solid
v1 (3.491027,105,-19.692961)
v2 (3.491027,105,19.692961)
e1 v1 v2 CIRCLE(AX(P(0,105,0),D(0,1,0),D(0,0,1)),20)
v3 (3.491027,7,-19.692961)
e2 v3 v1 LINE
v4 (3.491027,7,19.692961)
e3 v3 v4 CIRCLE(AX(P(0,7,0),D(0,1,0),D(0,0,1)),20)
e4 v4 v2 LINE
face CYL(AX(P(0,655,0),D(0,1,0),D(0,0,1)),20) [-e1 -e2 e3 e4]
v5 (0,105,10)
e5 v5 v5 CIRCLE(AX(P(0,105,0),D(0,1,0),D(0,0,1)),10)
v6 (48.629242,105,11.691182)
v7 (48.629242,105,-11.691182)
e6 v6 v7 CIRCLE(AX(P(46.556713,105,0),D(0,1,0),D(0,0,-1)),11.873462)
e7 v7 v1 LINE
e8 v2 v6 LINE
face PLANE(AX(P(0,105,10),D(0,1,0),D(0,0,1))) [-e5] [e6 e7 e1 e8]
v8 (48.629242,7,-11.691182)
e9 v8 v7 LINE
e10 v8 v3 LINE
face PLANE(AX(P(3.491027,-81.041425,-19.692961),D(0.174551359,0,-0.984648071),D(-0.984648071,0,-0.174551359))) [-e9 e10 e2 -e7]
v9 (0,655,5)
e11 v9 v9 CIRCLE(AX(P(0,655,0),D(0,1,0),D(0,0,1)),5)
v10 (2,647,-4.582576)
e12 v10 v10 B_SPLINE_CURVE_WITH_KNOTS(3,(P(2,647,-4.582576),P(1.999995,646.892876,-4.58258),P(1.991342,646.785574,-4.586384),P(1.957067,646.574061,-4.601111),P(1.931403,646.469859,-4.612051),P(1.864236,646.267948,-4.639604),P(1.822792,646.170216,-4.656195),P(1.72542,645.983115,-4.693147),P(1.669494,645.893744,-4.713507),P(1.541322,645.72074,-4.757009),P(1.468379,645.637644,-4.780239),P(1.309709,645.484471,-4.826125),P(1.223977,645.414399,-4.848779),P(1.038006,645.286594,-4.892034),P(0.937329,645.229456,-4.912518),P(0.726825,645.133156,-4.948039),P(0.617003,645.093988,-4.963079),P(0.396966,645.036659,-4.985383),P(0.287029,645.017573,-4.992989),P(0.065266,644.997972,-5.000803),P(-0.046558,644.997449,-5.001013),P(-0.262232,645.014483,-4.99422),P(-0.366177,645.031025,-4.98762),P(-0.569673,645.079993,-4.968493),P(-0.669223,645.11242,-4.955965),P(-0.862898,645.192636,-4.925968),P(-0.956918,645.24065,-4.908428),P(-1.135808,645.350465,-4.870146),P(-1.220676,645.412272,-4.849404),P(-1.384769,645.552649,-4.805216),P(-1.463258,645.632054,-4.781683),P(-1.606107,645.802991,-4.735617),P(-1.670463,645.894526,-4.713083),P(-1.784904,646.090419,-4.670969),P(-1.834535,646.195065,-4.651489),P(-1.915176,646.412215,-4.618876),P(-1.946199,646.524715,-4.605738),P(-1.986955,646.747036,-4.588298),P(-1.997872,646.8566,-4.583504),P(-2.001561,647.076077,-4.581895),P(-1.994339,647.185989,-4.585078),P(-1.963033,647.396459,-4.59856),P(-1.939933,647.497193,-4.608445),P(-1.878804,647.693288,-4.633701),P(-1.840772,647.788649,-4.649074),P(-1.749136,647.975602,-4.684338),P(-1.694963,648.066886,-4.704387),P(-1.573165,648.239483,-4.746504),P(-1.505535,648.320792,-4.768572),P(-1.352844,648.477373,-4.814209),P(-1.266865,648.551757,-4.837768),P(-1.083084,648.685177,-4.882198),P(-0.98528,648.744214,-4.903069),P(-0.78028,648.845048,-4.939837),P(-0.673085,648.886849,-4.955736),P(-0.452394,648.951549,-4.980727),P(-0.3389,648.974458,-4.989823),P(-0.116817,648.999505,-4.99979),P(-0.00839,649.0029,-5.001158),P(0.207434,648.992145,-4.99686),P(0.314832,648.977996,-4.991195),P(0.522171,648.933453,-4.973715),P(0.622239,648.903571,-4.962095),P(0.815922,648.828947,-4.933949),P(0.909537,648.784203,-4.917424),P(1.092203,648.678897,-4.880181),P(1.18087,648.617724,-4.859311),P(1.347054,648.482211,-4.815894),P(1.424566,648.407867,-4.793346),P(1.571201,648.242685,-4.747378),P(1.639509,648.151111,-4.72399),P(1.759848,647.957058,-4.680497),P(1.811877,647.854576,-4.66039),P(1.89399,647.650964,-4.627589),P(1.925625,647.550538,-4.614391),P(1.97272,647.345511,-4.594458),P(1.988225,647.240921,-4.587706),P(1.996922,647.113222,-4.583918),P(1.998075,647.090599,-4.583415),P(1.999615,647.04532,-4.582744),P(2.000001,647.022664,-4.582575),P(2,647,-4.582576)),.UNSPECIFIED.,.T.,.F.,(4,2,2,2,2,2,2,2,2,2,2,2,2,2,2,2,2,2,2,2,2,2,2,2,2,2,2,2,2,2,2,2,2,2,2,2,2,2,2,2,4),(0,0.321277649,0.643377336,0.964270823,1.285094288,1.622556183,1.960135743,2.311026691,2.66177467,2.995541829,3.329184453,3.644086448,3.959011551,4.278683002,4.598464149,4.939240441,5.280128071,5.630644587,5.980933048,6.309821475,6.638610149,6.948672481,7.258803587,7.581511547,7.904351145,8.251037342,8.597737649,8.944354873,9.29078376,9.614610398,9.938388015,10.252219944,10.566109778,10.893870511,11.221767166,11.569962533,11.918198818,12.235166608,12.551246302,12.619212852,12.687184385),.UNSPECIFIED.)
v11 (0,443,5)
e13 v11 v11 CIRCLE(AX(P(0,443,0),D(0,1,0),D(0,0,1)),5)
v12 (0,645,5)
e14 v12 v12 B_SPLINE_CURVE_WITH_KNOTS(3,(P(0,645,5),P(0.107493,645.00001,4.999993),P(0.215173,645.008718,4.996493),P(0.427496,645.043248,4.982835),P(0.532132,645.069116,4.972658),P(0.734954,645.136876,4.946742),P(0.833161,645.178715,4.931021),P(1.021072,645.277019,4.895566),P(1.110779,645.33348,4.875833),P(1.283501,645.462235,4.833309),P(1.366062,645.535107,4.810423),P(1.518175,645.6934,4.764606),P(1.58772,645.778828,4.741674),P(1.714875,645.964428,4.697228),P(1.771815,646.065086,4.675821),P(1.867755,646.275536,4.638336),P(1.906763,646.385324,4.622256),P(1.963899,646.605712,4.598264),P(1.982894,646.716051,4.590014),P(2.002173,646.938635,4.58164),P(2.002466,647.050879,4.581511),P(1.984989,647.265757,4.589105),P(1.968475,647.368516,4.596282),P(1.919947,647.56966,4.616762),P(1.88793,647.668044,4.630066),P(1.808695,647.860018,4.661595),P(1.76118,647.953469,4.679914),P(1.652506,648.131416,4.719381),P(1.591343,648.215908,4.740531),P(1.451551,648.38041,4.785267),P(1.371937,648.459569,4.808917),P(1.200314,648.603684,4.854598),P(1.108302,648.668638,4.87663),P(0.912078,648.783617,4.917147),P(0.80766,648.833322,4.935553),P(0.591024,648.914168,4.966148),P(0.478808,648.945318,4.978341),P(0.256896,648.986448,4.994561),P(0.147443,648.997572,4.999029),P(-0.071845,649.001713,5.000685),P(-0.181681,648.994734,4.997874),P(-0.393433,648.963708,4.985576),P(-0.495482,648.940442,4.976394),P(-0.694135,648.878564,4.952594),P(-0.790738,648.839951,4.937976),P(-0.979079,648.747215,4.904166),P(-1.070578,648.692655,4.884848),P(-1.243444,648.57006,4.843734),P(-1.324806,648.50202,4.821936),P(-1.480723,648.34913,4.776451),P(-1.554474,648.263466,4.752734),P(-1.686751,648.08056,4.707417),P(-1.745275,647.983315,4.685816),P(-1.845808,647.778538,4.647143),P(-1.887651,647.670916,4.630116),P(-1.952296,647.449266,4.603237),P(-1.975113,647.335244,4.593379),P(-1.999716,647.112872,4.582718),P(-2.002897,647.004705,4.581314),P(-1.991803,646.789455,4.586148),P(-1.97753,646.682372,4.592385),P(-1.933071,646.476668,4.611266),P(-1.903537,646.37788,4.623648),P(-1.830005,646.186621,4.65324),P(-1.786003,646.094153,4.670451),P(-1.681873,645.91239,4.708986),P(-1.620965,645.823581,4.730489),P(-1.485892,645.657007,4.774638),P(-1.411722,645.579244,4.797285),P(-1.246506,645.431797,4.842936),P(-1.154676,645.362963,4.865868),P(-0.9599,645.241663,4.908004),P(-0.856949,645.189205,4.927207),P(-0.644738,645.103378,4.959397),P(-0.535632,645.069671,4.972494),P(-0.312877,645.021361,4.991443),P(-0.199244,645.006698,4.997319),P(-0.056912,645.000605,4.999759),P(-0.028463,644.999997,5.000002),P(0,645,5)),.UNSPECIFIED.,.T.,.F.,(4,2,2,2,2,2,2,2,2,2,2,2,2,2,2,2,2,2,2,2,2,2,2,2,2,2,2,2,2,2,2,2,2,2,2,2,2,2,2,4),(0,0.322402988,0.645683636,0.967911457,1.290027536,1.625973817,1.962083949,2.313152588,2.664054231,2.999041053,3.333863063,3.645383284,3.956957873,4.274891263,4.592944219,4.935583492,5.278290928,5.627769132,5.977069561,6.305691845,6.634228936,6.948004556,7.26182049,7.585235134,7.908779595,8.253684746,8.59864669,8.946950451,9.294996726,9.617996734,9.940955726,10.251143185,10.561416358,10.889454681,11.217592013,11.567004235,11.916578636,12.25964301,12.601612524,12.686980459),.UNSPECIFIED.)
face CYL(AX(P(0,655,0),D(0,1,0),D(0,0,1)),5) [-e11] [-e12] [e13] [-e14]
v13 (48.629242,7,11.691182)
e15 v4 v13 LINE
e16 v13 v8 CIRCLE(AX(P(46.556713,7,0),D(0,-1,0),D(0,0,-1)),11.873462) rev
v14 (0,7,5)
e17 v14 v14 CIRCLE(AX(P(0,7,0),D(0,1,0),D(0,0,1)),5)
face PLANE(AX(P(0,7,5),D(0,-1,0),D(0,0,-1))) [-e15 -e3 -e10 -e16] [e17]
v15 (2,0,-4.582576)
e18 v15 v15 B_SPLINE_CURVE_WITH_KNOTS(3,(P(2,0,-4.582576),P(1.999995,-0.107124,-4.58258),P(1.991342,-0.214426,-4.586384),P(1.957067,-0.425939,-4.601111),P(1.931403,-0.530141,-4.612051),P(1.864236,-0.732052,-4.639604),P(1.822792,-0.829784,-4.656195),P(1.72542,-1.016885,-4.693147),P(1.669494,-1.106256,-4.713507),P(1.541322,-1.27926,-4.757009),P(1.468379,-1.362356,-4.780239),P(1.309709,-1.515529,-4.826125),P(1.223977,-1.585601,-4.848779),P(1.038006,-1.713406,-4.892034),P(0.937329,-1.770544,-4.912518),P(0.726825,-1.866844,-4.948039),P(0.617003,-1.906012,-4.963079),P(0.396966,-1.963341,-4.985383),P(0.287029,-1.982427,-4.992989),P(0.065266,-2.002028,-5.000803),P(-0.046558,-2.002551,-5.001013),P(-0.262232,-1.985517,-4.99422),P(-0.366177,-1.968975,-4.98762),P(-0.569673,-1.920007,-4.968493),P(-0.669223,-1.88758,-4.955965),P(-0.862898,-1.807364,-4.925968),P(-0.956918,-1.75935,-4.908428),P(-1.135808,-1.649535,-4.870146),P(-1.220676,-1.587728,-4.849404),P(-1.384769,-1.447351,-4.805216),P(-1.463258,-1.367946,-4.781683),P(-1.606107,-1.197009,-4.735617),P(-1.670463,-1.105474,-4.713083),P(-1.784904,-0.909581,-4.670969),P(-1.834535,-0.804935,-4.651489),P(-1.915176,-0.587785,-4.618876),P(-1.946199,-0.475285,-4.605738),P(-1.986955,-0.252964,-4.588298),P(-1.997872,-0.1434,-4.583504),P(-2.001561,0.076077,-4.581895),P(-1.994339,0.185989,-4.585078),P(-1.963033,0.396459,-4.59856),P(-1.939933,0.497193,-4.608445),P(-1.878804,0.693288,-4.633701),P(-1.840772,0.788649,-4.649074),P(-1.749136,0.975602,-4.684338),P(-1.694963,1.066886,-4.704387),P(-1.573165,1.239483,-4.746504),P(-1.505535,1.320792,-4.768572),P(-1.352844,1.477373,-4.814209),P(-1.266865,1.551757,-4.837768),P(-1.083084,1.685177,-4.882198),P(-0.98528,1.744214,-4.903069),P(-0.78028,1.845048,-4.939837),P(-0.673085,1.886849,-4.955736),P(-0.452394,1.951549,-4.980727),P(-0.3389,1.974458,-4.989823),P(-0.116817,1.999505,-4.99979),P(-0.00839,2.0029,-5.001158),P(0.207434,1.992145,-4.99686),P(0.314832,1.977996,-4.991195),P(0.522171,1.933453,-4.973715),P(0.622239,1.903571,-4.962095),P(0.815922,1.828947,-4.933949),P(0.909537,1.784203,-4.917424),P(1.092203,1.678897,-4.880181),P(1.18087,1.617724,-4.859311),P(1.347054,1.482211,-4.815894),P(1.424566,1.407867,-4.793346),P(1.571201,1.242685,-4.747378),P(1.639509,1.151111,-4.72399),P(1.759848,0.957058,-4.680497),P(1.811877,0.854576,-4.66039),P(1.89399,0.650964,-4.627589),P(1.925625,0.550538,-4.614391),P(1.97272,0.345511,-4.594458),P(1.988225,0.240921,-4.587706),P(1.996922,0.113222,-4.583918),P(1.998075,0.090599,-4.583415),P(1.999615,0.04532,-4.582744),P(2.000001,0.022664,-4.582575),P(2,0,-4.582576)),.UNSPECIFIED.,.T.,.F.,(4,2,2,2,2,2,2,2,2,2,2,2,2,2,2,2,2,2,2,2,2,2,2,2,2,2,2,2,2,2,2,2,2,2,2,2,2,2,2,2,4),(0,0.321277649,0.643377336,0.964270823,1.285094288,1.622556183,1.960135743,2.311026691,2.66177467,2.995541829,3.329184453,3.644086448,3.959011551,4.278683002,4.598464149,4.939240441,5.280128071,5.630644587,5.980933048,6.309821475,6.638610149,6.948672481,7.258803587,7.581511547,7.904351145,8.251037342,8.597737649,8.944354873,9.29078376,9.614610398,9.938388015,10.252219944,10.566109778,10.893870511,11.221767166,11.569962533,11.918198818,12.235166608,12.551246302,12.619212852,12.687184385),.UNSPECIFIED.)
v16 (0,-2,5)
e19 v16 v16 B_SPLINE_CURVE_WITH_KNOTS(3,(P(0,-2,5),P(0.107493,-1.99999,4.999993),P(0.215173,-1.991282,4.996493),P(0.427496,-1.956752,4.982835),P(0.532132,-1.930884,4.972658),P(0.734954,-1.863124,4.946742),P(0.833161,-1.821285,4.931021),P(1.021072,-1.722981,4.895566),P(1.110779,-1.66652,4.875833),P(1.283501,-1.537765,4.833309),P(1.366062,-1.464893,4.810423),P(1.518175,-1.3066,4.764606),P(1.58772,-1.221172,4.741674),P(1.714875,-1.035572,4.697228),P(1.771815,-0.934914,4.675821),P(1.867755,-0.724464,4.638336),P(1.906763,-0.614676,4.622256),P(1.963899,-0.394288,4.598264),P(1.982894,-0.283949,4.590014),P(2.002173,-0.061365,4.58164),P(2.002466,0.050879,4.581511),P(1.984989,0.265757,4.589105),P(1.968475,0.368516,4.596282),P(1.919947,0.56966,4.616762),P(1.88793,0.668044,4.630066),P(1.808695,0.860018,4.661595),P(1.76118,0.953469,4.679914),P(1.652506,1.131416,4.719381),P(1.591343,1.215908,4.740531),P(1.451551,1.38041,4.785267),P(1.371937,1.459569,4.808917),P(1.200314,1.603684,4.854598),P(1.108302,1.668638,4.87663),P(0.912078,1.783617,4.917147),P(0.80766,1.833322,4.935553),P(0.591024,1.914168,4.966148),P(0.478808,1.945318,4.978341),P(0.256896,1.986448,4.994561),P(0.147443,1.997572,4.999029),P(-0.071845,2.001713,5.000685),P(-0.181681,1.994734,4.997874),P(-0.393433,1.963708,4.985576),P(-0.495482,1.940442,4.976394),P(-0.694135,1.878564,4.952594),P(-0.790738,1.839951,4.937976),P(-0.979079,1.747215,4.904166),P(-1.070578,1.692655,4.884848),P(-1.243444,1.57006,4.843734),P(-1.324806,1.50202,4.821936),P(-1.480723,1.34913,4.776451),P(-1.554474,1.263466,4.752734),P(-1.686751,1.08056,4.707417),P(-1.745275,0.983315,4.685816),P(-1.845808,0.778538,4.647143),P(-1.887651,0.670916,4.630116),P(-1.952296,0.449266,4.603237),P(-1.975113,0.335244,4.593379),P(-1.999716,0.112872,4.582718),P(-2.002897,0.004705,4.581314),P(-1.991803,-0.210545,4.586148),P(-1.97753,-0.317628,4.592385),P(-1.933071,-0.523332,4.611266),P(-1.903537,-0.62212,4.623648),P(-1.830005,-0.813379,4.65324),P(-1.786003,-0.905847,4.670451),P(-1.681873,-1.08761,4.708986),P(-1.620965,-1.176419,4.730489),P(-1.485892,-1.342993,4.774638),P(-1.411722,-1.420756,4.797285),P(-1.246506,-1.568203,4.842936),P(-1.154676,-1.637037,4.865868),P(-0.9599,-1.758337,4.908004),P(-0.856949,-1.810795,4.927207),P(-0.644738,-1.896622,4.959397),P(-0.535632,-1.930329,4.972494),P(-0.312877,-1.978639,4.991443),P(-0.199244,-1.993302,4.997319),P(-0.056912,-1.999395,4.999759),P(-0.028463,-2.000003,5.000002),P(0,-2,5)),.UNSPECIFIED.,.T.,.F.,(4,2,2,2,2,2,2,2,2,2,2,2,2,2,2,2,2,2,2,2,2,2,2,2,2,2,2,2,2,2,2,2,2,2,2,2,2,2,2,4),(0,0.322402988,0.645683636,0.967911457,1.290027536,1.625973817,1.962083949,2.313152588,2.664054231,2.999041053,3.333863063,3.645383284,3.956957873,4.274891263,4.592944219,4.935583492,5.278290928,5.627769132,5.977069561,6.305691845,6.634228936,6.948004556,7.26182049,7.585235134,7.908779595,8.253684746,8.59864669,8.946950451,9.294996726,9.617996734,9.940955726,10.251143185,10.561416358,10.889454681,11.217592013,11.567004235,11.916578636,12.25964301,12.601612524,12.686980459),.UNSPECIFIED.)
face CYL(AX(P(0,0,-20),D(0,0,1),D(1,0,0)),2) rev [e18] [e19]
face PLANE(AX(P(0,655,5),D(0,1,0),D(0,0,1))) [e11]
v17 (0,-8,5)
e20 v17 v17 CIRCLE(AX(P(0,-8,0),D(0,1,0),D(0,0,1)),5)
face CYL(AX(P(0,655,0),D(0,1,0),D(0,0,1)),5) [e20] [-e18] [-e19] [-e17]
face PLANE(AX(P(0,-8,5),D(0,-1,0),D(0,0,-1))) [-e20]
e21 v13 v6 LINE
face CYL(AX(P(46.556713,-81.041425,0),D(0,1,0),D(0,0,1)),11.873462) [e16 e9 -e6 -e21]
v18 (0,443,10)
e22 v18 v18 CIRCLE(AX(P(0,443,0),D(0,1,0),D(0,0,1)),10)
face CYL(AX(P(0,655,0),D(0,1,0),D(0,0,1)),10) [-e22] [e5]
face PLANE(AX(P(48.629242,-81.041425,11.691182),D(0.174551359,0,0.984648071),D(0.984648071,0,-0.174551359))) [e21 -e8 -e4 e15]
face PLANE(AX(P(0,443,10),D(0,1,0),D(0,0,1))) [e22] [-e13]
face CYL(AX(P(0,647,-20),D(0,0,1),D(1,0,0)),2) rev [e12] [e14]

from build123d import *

# Parameters (mm, degrees)
CUT_EXTRUDE2_DEPTH      = 656.610402602
CUT_EXTRUDE2_DEPTH_BACK = 656.610402602
SKETCH8_R               = 2
BOSS_EXTRUDE4_DEPTH     = 98


with BuildPart() as part:
    # Sketch7 → Revolve2 (revolve)
    with BuildSketch(Plane(origin=(0, 0, 0), x_dir=(0, 0, -1), z_dir=(1, 0, 0))):
        Polygon((-20, 7), (-20, 105), (-10, 105), (-10, 443), (-5, 443), (-5, 655), (0, 655), (0, -8), (-5, -8), (-5, 7), align=None)
    revolve(axis=Axis((0, 655, 0), (0, -1, 0)))

    # Sketch8 → Cut-Extrude2 (cut, two sides: drawn at the far end of the back side and taken through both)
    with BuildSketch(Plane.XY.offset(-CUT_EXTRUDE2_DEPTH_BACK)):
        with Locations((0, 647)):
            Circle(SKETCH8_R)
        Circle(SKETCH8_R)
    extrude(amount=CUT_EXTRUDE2_DEPTH + CUT_EXTRUDE2_DEPTH_BACK, mode=Mode.SUBTRACT)

    # Sketch10 → Boss-Extrude4 (add)
    with BuildSketch(Plane(origin=(0, 105, 0), x_dir=(1, 0, 0), z_dir=(0, 1, 0))):
        with BuildLine():
            Line((3.491027189, 19.692961412), (48.629242089, 11.691181882))
            ThreePointArc((48.629242089, 11.691181882), (58.430175518, 0), (48.629242089, -11.691181882))
            Line((48.629242089, -11.691181882), (3.491027189, -19.692961412))
            ThreePointArc((3.491027189, -19.692961412), (-20, 0), (3.491027189, 19.692961412))
        make_face()
    extrude(amount=-BOSS_EXTRUDE4_DEPTH)


solid = part.part
